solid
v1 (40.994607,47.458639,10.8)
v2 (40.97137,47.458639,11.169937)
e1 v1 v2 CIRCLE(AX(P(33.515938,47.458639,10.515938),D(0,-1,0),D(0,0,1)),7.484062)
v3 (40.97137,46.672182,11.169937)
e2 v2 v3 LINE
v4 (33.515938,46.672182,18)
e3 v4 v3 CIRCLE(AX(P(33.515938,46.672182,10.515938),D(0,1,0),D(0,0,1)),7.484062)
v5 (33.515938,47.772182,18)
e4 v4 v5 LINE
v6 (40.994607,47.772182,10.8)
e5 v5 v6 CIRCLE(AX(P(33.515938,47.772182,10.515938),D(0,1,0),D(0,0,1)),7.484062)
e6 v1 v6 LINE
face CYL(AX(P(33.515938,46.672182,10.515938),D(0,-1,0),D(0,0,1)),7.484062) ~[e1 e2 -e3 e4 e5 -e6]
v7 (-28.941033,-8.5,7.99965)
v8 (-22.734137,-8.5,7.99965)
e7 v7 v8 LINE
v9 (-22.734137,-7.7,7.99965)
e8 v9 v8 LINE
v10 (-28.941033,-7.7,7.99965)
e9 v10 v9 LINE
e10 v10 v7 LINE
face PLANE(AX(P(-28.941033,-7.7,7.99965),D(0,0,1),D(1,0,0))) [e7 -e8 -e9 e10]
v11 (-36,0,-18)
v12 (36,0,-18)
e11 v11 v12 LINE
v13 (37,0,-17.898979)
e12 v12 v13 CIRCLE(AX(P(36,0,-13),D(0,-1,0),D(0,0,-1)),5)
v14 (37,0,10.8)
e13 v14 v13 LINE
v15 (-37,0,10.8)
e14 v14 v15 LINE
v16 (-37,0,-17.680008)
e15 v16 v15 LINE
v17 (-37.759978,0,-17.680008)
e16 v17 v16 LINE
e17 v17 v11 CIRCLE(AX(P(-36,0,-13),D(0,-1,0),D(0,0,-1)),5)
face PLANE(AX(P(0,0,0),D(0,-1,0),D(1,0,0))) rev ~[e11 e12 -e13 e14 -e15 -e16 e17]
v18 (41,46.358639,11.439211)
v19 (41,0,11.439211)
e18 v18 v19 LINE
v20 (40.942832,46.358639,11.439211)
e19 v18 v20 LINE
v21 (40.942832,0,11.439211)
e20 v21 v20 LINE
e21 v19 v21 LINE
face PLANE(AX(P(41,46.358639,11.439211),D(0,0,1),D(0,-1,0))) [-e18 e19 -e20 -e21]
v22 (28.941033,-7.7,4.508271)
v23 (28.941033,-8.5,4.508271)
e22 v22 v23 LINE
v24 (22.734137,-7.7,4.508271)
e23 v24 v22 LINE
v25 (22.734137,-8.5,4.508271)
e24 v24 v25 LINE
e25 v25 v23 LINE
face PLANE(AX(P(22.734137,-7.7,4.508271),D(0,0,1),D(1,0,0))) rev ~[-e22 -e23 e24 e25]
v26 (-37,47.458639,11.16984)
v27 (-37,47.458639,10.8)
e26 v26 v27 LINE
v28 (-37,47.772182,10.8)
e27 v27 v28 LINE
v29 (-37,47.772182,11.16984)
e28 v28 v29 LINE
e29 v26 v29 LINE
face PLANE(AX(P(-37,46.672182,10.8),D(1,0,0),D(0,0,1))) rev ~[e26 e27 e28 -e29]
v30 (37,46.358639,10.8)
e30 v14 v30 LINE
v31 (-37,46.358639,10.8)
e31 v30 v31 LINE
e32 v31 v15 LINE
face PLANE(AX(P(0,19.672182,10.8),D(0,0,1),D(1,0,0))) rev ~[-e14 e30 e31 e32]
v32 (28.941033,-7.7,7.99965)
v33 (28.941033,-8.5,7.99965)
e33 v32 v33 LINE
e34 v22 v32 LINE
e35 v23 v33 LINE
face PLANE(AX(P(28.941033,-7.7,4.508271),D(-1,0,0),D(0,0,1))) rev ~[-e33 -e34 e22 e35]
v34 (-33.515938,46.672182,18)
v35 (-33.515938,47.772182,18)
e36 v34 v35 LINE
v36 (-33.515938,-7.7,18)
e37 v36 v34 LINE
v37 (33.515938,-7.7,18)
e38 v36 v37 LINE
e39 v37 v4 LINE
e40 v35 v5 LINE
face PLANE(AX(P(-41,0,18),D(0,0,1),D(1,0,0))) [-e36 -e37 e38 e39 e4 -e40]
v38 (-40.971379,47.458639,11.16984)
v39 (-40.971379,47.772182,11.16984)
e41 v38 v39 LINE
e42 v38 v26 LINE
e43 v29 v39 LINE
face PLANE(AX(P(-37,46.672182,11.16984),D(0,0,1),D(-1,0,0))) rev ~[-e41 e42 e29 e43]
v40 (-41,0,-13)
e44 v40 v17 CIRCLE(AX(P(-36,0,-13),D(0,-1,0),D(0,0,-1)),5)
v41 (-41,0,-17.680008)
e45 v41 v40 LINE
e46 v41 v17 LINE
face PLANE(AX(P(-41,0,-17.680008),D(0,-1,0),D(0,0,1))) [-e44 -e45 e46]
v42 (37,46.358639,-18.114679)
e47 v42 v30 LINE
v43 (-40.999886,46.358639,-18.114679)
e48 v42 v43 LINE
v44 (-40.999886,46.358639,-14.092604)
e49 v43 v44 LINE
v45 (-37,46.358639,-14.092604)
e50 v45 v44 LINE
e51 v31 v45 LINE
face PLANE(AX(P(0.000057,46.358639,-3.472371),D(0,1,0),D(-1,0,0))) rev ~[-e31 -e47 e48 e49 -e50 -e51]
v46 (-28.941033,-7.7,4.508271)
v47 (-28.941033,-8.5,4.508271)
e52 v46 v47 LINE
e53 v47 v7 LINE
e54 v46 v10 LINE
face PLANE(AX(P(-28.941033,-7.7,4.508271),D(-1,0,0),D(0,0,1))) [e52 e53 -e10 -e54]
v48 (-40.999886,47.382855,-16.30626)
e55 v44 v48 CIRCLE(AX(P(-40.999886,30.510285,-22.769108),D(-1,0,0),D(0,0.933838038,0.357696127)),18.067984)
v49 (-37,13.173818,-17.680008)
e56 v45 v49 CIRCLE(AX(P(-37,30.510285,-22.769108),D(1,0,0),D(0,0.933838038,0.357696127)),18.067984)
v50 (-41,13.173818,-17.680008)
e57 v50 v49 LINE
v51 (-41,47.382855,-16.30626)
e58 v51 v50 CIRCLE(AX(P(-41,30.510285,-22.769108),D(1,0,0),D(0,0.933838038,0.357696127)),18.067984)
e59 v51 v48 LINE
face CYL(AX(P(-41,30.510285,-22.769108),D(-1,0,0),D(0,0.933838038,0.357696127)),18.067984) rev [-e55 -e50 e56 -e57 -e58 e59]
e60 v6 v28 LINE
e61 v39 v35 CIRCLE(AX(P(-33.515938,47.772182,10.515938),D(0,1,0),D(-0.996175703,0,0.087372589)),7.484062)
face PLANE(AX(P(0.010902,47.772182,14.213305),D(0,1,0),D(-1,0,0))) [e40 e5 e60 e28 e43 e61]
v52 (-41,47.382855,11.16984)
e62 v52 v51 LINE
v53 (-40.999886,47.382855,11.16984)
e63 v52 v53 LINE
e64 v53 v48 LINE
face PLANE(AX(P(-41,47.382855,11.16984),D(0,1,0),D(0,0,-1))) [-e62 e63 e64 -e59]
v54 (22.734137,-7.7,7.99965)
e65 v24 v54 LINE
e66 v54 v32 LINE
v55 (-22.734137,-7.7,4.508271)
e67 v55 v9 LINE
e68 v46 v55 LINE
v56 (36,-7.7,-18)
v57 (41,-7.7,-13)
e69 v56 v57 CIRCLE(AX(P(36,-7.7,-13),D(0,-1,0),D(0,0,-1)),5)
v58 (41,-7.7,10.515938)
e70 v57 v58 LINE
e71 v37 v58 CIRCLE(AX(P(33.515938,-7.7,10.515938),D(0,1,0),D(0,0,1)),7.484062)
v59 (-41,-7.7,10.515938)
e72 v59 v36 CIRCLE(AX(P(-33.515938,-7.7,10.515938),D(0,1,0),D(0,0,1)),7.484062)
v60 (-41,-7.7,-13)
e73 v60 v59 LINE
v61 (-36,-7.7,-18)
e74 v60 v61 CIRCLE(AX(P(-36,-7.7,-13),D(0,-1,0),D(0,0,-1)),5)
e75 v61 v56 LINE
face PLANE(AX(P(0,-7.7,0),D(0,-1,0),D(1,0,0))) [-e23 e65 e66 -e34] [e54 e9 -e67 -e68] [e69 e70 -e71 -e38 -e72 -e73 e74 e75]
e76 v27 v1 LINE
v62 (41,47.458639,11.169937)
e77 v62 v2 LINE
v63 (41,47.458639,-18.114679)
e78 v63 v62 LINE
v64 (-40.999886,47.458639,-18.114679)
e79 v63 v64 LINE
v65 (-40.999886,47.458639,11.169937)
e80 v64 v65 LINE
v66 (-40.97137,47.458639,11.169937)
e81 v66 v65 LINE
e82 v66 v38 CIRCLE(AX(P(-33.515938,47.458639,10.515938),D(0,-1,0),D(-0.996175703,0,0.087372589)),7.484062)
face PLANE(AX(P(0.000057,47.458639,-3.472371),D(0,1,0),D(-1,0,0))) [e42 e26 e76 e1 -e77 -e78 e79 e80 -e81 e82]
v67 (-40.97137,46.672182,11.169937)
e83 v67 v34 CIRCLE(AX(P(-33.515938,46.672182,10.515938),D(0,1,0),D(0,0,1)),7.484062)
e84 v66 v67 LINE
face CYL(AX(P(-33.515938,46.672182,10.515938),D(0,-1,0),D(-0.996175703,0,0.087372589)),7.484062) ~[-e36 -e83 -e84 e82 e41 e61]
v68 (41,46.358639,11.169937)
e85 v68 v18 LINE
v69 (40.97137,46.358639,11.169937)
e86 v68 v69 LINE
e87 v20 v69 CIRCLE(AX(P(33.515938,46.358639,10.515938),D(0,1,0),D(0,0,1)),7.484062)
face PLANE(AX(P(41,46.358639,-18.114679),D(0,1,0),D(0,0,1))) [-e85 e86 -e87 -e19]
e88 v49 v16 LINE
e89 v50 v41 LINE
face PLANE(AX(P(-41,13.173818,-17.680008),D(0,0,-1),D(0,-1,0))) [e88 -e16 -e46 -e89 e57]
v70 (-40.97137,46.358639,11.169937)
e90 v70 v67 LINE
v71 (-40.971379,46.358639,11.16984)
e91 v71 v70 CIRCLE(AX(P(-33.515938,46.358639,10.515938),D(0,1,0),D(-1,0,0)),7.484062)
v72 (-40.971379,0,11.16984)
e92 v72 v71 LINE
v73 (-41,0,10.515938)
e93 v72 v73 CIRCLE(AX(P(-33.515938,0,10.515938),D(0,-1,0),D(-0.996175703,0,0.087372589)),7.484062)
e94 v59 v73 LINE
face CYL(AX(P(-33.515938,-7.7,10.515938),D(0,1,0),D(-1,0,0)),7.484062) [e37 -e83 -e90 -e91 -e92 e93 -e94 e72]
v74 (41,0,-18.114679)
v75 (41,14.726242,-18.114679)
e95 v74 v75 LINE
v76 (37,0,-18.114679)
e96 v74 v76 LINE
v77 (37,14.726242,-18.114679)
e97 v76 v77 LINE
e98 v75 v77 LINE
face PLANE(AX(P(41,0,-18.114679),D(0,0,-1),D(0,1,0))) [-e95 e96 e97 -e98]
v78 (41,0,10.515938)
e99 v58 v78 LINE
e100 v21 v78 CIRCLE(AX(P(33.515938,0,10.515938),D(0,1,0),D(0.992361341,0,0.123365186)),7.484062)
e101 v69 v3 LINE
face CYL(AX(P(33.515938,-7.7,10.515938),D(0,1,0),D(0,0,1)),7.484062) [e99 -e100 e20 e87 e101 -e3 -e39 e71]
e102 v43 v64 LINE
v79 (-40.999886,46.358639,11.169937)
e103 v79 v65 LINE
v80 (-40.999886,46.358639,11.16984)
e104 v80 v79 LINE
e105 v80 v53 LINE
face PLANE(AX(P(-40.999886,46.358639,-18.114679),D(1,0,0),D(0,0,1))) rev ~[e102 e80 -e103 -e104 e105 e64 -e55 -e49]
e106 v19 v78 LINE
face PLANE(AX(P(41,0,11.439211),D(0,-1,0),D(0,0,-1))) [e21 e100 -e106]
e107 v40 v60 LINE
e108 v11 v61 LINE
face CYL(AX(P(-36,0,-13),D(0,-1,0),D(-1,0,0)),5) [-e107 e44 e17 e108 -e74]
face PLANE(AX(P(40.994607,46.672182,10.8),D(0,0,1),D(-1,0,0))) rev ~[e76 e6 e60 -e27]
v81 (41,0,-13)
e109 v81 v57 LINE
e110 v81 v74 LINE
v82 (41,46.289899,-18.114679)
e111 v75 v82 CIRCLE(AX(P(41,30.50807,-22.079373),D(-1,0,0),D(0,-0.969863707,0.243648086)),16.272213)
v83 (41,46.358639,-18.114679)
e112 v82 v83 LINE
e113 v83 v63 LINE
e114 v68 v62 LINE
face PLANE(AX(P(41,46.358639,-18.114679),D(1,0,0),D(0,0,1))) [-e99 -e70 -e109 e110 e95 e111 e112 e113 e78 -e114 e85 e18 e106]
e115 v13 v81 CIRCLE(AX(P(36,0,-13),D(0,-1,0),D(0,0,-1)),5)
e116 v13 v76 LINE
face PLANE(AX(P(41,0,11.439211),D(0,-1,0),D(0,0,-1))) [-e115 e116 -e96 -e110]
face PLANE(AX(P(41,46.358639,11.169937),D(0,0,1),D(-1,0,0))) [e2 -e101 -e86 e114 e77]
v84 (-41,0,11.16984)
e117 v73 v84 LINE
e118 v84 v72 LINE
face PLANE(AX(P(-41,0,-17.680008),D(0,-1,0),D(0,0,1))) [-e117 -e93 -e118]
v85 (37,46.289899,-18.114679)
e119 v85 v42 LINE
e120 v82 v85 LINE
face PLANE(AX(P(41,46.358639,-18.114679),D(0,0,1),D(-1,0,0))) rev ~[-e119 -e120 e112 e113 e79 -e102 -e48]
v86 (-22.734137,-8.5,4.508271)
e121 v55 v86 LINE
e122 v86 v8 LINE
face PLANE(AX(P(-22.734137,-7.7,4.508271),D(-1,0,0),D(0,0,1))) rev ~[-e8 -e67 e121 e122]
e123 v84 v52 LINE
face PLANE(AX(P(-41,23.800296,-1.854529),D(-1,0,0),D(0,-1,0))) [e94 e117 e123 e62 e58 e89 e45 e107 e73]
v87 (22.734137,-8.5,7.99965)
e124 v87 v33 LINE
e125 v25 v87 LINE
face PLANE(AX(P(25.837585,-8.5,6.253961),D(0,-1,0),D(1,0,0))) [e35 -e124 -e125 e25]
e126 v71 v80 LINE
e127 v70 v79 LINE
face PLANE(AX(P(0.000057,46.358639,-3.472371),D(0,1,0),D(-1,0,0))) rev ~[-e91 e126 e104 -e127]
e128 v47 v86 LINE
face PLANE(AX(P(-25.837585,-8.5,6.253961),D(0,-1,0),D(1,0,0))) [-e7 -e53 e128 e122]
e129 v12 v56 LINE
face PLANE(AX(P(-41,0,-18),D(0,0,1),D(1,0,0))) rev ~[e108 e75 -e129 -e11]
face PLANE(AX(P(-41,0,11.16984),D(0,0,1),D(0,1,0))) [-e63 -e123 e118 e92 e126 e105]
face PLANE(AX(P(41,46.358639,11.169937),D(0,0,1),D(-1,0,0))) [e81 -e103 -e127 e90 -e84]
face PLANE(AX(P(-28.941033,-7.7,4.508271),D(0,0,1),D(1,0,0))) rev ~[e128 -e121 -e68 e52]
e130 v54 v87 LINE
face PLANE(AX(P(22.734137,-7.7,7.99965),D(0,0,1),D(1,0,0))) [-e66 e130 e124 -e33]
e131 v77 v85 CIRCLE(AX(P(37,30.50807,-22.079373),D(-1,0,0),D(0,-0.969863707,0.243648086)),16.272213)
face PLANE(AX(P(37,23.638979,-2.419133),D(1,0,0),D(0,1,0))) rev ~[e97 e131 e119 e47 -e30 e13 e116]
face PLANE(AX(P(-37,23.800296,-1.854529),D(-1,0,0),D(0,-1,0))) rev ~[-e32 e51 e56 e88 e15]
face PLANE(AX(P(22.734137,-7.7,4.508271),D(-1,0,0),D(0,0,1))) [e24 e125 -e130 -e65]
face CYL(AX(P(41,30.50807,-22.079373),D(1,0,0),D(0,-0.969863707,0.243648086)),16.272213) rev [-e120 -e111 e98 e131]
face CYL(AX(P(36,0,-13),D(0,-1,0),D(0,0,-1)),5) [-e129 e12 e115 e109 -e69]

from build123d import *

# Parameters (mm, degrees)
F0_W      = 82
F0_H      = 36
F1_DEPTH  = 7.7
F2_W      = 82
F2_H      = 54
F3_DEPTH  = 7.2
F4_R      = 7.4840620434
F5_R      = 5
F6_W      = 6.2068961561
F6_H      = 3.4913793206
F7_DEPTH  = 0.8
F10_DEPTH = 4
F11_DEPTH = 4
F12_W     = 81.9998856485
F12_H     = 29.2846155894
F13_DEPTH = 1.1


with BuildPart() as f1:
    # F0 (on Front) → F1 (new body)
    with BuildSketch(Plane.XZ):
        Rectangle(F0_W, F0_H)
    extrude(amount=F1_DEPTH)

    # F2 (on face) → F3 (join)
    with BuildSketch(Plane.XY.offset(18)):
        with Locations((0, 19.672181885)):
            Rectangle(F2_W, F2_H)
    extrude(amount=-F3_DEPTH)

    # F4
    f4_edges = [f1.edges().sort_by_distance(p)[0] for p in [
        (41, 19.486091, 18),
        (-41, 19.486091, 18),
    ]]
    fillet(f4_edges, radius=F4_R)

    # F5
    f5_edges = [f1.edges().sort_by_distance(p)[0] for p in [
        (-41, -3.85, -18),
        (41, -3.85, -18),
    ]]
    fillet(f5_edges, radius=F5_R)

    # F6 (on face) → F7 (join)
    with BuildSketch(Plane.XZ.offset(7.7)):
        with Locations((-25.83758533, 6.2539605424)):
            Rectangle(F6_W, F6_H)
        with Locations((25.83758533, 6.2539605424)):
            Rectangle(F6_W, F6_H)
    extrude(amount=F7_DEPTH)

    # F8 (on face) → F10 (join)
    with BuildSketch(Plane.YZ.offset(41)):
        with BuildLine():
            Line((46.3586388528, 11.4392106599), (0, 11.4392106599))
            Line((0, 11.4392106599), (0, 10.5159379566))
            Line((0, 10.5159379566), (0, -13))
            Line((0, -13), (0, -18.1146790814))
            Line((0, -18.1146790814), (14.7262415299, -18.1146790814))
            ThreePointArc((14.7262415299, -18.1146790814), (30.5080702528, -5.8071597095), (46.2898989758, -18.1146790814))
            Line((46.2898989758, -18.1146790814), (46.3586388528, -18.1146790814))
            Line((46.3586388528, -18.1146790814), (46.3586388528, 11.4392106599))
        make_face()
    extrude(amount=-F10_DEPTH)

    # F9 (on face) → F11 (join)
    with BuildSketch(Plane(origin=(-41, 0, 0), x_dir=(0, -1, 0), z_dir=(-1, 0, 0))):
        with BuildLine():
            Line((0, 10.5159379566), (0, 11.1698398332))
            Line((0, 11.1698398332), (-47.3828552663, 11.1698398332))
            Line((-47.3828552663, 11.1698398332), (-47.3828552663, -16.3062599394))
            ThreePointArc((-47.3828552663, -16.3062599394), (-29.7853048283, -4.7156749244), (-13.1738176833, -17.6800081985))
            Line((-13.1738176833, -17.6800081985), (0, -17.6800081985))
            Line((0, -17.6800081985), (0, -13))
            Line((0, -13), (0, 10.5159379566))
        make_face()
    extrude(amount=-F11_DEPTH)

    # F12 (on face) + F3_face2 (on face) → F13 (join)
    with BuildSketch(Plane(origin=(0, 46.3586388528, 0), x_dir=(-1, 0, 0), z_dir=(0, 1, 0))):
        with Locations((-5.71758e-05, -3.4723712868)):
            Rectangle(F12_W, F12_H)
    with BuildSketch(Plane(origin=(0.1017201648, 46.672181885, 14.3268391262), x_dir=(-1, 0, 0), z_dir=(0, 1, 0))):
        with BuildLine():
            Line((33.6176581214, 3.6731608738), (-33.4142177919, 3.6731608738))
            ThreePointArc((-33.4142177919, 3.6731608738), (-38.6048462082, 1.5806256376), (-40.8928870201, -3.5268391262))
            Line((-40.8928870201, -3.5268391262), (37.1017201648, -3.5268391262))
            Line((37.1017201648, -3.5268391262), (37.1017201648, -3.156999293))
            Line((37.1017201648, -3.156999293), (41.0730988867, -3.156999293))
            ThreePointArc((41.0730988867, -3.156999293), (38.67321657, 1.7074784333), (33.6176581214, 3.6731608738))
        make_face()
    extrude(amount=F13_DEPTH)


solid = f1.part
